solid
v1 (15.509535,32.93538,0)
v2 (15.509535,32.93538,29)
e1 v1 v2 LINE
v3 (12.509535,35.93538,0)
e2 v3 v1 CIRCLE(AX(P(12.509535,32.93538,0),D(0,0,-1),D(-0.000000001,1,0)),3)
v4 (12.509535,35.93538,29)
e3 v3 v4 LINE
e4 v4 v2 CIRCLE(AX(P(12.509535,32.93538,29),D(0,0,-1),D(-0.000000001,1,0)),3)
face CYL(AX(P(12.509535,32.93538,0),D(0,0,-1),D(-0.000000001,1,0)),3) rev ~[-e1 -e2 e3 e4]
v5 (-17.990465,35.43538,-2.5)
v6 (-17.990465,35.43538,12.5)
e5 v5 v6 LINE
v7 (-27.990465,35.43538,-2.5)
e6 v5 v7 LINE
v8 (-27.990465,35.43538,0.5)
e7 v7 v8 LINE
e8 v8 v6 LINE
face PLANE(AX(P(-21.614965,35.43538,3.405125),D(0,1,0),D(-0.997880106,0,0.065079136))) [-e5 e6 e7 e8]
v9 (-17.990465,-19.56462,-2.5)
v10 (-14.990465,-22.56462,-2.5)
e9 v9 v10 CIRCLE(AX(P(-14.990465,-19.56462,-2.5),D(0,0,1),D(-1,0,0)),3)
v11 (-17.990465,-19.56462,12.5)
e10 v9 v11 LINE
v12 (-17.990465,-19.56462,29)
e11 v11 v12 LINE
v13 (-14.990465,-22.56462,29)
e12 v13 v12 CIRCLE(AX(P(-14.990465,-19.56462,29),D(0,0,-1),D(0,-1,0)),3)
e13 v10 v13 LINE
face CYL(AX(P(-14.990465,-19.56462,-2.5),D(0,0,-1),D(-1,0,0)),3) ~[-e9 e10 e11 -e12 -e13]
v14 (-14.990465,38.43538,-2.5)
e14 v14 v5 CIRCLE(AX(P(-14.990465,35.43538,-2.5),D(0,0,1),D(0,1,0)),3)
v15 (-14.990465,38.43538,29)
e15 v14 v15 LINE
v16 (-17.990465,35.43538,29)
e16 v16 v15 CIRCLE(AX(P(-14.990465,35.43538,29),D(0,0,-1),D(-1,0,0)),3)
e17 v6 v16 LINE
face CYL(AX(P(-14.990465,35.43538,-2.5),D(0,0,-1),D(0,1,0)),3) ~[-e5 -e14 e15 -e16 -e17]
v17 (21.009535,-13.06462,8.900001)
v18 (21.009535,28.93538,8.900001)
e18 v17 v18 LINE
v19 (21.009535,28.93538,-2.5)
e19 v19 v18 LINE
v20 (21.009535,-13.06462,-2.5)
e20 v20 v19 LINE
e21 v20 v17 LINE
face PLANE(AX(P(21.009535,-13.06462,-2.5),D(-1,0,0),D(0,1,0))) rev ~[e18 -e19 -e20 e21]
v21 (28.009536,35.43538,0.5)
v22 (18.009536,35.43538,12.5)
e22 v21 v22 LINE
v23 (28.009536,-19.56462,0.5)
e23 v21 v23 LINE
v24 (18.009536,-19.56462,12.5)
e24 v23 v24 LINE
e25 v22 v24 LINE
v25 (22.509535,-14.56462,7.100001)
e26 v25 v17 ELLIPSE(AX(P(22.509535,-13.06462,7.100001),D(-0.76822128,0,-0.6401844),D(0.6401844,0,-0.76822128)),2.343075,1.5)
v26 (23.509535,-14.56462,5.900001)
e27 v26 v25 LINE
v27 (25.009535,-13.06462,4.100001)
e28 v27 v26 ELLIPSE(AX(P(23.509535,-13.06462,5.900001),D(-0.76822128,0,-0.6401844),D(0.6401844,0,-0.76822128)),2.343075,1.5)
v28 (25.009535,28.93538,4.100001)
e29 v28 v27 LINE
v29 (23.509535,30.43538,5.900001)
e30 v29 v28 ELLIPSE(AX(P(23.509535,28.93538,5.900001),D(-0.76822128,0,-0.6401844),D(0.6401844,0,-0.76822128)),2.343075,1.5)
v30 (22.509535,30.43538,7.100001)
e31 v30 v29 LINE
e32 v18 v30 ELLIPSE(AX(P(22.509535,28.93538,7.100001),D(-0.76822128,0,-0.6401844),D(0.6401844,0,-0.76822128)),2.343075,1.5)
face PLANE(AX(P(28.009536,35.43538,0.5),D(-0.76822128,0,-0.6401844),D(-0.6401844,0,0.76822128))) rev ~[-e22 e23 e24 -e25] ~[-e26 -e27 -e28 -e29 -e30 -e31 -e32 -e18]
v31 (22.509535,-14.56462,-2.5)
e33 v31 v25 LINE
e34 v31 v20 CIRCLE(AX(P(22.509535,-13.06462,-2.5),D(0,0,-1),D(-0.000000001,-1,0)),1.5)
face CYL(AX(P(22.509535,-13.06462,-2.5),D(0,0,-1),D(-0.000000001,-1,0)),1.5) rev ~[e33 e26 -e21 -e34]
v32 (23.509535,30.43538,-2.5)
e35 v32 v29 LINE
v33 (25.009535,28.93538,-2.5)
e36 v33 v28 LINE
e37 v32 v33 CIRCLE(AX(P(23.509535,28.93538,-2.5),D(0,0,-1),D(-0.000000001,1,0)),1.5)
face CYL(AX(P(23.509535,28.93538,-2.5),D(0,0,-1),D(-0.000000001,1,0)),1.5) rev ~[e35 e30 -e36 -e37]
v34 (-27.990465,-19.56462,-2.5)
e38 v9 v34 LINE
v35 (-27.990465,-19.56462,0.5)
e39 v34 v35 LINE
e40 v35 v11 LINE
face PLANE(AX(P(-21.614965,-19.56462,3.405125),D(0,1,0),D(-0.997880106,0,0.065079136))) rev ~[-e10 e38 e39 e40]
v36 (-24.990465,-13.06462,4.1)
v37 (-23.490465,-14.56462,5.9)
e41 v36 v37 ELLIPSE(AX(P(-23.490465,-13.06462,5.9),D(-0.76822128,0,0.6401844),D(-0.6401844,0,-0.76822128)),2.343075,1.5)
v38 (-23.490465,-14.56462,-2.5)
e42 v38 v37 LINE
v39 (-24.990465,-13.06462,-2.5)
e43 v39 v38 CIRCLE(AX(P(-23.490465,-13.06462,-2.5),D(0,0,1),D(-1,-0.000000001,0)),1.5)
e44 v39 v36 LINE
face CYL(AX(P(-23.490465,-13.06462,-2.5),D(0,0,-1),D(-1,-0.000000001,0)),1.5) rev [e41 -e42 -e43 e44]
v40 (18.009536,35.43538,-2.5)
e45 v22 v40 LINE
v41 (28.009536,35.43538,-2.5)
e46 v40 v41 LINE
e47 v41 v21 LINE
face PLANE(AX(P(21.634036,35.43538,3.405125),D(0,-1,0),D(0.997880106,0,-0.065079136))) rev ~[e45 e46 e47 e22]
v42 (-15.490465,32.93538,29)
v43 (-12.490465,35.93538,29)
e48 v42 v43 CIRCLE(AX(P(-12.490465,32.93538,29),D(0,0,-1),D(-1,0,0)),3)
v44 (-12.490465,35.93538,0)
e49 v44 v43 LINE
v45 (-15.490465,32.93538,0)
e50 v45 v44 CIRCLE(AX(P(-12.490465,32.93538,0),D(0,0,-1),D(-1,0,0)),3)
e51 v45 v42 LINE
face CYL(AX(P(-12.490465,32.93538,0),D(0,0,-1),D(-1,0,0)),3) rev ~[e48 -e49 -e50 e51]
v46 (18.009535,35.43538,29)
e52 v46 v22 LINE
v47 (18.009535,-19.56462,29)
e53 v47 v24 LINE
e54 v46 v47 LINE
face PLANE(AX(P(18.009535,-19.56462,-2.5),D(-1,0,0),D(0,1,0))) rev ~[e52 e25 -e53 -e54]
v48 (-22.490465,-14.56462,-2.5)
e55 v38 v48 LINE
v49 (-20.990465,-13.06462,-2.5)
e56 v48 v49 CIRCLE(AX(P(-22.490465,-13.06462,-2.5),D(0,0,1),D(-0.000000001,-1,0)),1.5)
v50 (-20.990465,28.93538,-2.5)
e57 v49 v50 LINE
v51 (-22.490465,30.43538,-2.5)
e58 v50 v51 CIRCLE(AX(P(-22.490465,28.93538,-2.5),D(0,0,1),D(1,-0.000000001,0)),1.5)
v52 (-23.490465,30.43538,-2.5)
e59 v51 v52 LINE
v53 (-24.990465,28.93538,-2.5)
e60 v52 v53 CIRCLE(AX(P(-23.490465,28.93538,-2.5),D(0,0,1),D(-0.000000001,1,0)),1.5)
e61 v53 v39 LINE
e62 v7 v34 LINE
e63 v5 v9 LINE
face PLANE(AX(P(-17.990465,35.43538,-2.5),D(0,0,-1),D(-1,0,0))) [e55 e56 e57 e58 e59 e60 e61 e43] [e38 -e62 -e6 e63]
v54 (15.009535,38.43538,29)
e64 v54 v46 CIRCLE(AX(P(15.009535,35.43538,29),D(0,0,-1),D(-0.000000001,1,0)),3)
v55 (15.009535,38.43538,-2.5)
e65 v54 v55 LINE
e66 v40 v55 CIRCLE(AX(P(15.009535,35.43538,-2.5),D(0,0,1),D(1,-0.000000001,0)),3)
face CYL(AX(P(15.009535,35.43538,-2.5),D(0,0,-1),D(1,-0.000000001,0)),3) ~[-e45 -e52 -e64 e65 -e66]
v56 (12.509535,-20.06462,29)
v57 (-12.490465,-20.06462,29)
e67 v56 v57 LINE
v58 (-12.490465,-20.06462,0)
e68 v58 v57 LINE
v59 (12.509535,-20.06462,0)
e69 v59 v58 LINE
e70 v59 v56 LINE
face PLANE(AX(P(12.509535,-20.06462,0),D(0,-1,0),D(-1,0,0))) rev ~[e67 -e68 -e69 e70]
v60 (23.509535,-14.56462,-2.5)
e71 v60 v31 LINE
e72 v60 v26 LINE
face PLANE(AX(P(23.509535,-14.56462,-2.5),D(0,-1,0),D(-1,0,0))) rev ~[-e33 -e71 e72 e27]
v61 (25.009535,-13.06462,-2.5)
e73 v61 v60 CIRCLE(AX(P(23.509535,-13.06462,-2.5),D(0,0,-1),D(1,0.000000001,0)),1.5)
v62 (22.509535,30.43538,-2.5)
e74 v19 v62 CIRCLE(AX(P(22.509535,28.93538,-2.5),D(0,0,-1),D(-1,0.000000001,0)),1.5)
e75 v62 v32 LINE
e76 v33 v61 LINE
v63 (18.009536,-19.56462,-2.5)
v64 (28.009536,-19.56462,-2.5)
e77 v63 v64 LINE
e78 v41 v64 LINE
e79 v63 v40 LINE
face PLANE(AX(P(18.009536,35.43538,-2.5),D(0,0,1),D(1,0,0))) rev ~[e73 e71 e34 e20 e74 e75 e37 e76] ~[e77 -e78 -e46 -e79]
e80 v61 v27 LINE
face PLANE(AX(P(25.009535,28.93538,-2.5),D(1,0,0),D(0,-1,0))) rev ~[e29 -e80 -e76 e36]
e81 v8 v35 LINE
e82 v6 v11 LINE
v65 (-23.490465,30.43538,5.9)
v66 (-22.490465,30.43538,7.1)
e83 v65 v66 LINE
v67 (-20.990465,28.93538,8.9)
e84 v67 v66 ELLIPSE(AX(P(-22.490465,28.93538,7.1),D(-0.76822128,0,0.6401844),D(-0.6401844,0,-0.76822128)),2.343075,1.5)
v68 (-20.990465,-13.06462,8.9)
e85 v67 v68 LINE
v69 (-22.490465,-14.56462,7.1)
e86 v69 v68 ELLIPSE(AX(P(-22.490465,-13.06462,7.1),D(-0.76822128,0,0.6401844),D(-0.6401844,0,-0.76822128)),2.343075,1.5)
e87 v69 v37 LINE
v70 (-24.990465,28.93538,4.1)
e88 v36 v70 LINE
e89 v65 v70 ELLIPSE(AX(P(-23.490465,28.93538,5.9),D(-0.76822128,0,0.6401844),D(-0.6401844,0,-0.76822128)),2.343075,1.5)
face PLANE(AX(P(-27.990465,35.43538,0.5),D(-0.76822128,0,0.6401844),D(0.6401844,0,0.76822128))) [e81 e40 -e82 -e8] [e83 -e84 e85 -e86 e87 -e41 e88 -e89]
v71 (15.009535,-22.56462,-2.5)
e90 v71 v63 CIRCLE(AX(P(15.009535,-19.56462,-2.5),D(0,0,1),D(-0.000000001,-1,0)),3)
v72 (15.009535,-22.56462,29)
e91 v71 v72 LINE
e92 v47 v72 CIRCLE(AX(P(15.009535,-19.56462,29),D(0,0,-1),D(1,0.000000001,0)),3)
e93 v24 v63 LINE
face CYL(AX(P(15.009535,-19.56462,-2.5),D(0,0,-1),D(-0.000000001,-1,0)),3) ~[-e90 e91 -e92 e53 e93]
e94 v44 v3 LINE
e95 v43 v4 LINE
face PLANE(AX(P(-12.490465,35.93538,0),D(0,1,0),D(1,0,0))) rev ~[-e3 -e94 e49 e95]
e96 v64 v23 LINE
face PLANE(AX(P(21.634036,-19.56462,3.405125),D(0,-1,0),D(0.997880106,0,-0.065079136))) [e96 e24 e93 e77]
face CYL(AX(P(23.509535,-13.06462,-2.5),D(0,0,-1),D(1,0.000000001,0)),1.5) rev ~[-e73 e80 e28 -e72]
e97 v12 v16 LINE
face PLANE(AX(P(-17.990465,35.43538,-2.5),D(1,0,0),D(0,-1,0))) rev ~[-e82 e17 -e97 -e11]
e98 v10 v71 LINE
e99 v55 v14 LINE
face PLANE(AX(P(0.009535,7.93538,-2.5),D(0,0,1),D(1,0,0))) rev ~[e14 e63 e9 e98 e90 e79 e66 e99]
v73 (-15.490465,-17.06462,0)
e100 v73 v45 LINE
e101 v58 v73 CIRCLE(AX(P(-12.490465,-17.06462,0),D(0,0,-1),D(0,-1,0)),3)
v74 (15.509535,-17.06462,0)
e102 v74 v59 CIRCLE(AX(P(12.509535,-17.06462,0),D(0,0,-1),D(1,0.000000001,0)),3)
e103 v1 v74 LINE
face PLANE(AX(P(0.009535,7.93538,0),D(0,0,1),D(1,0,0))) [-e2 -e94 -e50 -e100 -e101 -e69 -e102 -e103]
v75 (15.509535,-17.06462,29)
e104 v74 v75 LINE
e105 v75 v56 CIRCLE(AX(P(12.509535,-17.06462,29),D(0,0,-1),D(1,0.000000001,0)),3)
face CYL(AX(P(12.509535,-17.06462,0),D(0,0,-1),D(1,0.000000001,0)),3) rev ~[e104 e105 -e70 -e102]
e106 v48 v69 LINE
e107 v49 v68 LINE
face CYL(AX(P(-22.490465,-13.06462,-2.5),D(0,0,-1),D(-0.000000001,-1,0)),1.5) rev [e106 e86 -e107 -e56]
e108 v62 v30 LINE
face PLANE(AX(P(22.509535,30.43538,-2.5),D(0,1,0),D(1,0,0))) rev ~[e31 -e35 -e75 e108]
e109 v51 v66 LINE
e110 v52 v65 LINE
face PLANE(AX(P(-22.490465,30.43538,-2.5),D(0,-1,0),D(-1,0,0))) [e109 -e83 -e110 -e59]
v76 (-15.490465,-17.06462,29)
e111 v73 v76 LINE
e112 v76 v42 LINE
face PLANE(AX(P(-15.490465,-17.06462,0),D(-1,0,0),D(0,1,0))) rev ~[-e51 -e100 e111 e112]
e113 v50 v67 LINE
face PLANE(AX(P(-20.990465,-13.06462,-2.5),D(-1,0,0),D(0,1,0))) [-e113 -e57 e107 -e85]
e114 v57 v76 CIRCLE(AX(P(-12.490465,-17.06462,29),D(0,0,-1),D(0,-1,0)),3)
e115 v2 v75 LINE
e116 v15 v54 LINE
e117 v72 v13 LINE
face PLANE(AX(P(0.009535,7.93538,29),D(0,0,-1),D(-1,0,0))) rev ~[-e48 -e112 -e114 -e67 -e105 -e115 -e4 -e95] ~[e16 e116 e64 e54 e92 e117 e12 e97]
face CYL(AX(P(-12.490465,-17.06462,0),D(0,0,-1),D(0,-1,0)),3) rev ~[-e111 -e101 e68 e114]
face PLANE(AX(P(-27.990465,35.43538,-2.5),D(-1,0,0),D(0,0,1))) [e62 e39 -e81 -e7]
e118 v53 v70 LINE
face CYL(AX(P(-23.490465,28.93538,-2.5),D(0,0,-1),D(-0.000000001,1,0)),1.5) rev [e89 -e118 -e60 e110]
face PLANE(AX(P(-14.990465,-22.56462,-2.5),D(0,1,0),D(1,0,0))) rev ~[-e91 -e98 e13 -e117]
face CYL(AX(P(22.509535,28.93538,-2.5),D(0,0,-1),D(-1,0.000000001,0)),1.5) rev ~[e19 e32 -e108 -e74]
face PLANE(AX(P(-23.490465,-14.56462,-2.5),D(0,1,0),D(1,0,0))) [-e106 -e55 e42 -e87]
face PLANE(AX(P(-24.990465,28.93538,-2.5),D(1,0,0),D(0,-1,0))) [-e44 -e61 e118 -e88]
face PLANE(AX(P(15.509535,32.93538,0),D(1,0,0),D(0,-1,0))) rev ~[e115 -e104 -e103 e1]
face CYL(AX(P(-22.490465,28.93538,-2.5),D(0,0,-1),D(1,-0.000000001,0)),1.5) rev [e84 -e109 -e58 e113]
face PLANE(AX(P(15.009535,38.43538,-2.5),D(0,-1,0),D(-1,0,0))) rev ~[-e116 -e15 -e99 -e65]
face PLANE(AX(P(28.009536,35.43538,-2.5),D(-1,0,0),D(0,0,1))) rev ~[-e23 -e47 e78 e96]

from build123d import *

# Parameters (mm, degrees)
SHELL_DEPTH         = 29
BOTTOM_START        = 2.5
BOTTOM_COVER_DEPTH  = 2.5
BOSS_EXTRUDE4_DEPTH = 55
CUT_EXTRUDE1_DEPTH  = 64


with BuildPart() as part:
    # Sketch1 → Shell (new body)
    with BuildSketch(Plane.XY):
        with BuildLine():
            Line((-14.99046496, 38.43538022), (15.00953504, 38.43538022))
            ThreePointArc((15.00953504, 38.43538022), (17.130855384, 37.556700564), (18.00953504, 35.43538022))
            Line((18.00953504, 35.43538022), (18.00953504, -19.56461978))
            ThreePointArc((18.00953504, -19.56461978), (17.130855384, -21.685940124), (15.00953504, -22.56461978))
            Line((15.00953504, -22.56461978), (-14.99046496, -22.56461978))
            ThreePointArc((-14.99046496, -22.56461978), (-17.111785303, -21.685940124), (-17.99046496, -19.56461978))
            Line((-17.99046496, -19.56461978), (-17.99046496, 35.43538022))
            ThreePointArc((-17.99046496, 35.43538022), (-17.111785303, 37.556700564), (-14.99046496, 38.43538022))
        make_face()
        with BuildLine():
            Line((-12.49046496, 35.93538022), (12.50953504, 35.93538022))
            ThreePointArc((12.50953504, 35.93538022), (14.630855384, 35.056700564), (15.50953504, 32.93538022))
            Line((15.50953504, 32.93538022), (15.50953504, -17.06461978))
            ThreePointArc((15.50953504, -17.06461978), (14.630855384, -19.185940124), (12.50953504, -20.06461978))
            Line((12.50953504, -20.06461978), (-12.49046496, -20.06461978))
            ThreePointArc((-12.49046496, -20.06461978), (-14.611785303, -19.185940124), (-15.49046496, -17.06461978))
            Line((-15.49046496, -17.06461978), (-15.49046496, 32.93538022))
            ThreePointArc((-15.49046496, 32.93538022), (-14.611785303, 35.056700564), (-12.49046496, 35.93538022))
        make_face(mode=Mode.SUBTRACT)
    extrude(amount=SHELL_DEPTH)

    # Sketch3 → Bottom cover (add)
    with BuildSketch(Plane(origin=(0, 0, 0), x_dir=(-1, 0, 0), z_dir=(0, 0, -1)).offset(BOTTOM_START)):
        with BuildLine():
            Line((-15.00953504, 38.43538022), (14.99046496, 38.43538022))
            ThreePointArc((14.99046496, 38.43538022), (17.111785303, 37.556700564), (17.99046496, 35.43538022))
            Line((17.99046496, 35.43538022), (17.99046496, -19.56461978))
            ThreePointArc((17.99046496, -19.56461978), (17.111785303, -21.685940124), (14.99046496, -22.56461978))
            Line((14.99046496, -22.56461978), (-15.00953504, -22.56461978))
            ThreePointArc((-15.00953504, -22.56461978), (-17.130855384, -21.685940124), (-18.00953504, -19.56461978))
            Line((-18.00953504, -19.56461978), (-18.00953504, 35.43538022))
            ThreePointArc((-18.00953504, 35.43538022), (-17.130855384, 37.556700564), (-15.00953504, 38.43538022))
        make_face()
    extrude(amount=-BOTTOM_COVER_DEPTH)


with BuildPart() as boss_extrude4_tool:
    # 3DSketch1 → Boss-Extrude4 (new body)
    with BuildSketch(Plane(origin=(18.009536245, 35.43538022, -2.500000038), x_dir=(-0.99788010602318, 0, 0.06507913646605183), z_dir=(0, 1, 0))):
        Polygon((0, 0), (-9.97880106, 0.650791365), (-9.783563651, 3.644431683), (0.976187047, 14.96820159), align=None)
        Polygon((35.923685021, -2.342848953), (45.902486082, -2.993640318), (46.097723491, 0), (36.899872068, 12.625352637), align=None)
    extrude(amount=-BOSS_EXTRUDE4_DEPTH)


with BuildPart() as part_1:
    add(part.part)


with BuildPart() as part_2:
    # Boss-Extrude4: joined with boss_extrude4_tool
    add(part_1.part.fuse(boss_extrude4_tool.part, tol=0.00001))

    # Sketch9 → Cut-Extrude1 (cut)
    with BuildSketch(Plane(origin=(0, 0, -2.5), x_dir=(-1, 0, 0), z_dir=(0, 0, -1))):
        with BuildLine():
            Line((-23.50953504, -14.56461978), (-22.50953504, -14.56461978))
            ThreePointArc((-22.50953504, -14.56461978), (-21.448874869, -14.125279952), (-21.00953504, -13.06461978))
            Line((-21.00953504, -13.06461978), (-21.00953504, 28.93538022))
            ThreePointArc((-21.00953504, 28.93538022), (-21.448874869, 29.996040392), (-22.50953504, 30.43538022))
            Line((-22.50953504, 30.43538022), (-23.50953504, 30.43538022))
            ThreePointArc((-23.50953504, 30.43538022), (-24.570195212, 29.996040392), (-25.00953504, 28.93538022))
            Line((-25.00953504, 28.93538022), (-25.00953504, -13.06461978))
            ThreePointArc((-25.00953504, -13.06461978), (-24.570195212, -14.125279952), (-23.50953504, -14.56461978))
        make_face()
        with BuildLine():
            Line((22.49046496, 30.43538022), (23.49046496, 30.43538022))
            ThreePointArc((23.49046496, 30.43538022), (24.551125131, 29.996040392), (24.99046496, 28.93538022))
            Line((24.99046496, 28.93538022), (24.99046496, -13.06461978))
            ThreePointArc((24.99046496, -13.06461978), (24.551125131, -14.125279952), (23.49046496, -14.56461978))
            Line((23.49046496, -14.56461978), (22.49046496, -14.56461978))
            ThreePointArc((22.49046496, -14.56461978), (21.429804788, -14.125279952), (20.99046496, -13.06461978))
            Line((20.99046496, -13.06461978), (20.99046496, 28.93538022))
            ThreePointArc((20.99046496, 28.93538022), (21.429804788, 29.996040392), (22.49046496, 30.43538022))
        make_face()
    extrude(amount=-CUT_EXTRUDE1_DEPTH, mode=Mode.SUBTRACT)


solid = part_2.part
